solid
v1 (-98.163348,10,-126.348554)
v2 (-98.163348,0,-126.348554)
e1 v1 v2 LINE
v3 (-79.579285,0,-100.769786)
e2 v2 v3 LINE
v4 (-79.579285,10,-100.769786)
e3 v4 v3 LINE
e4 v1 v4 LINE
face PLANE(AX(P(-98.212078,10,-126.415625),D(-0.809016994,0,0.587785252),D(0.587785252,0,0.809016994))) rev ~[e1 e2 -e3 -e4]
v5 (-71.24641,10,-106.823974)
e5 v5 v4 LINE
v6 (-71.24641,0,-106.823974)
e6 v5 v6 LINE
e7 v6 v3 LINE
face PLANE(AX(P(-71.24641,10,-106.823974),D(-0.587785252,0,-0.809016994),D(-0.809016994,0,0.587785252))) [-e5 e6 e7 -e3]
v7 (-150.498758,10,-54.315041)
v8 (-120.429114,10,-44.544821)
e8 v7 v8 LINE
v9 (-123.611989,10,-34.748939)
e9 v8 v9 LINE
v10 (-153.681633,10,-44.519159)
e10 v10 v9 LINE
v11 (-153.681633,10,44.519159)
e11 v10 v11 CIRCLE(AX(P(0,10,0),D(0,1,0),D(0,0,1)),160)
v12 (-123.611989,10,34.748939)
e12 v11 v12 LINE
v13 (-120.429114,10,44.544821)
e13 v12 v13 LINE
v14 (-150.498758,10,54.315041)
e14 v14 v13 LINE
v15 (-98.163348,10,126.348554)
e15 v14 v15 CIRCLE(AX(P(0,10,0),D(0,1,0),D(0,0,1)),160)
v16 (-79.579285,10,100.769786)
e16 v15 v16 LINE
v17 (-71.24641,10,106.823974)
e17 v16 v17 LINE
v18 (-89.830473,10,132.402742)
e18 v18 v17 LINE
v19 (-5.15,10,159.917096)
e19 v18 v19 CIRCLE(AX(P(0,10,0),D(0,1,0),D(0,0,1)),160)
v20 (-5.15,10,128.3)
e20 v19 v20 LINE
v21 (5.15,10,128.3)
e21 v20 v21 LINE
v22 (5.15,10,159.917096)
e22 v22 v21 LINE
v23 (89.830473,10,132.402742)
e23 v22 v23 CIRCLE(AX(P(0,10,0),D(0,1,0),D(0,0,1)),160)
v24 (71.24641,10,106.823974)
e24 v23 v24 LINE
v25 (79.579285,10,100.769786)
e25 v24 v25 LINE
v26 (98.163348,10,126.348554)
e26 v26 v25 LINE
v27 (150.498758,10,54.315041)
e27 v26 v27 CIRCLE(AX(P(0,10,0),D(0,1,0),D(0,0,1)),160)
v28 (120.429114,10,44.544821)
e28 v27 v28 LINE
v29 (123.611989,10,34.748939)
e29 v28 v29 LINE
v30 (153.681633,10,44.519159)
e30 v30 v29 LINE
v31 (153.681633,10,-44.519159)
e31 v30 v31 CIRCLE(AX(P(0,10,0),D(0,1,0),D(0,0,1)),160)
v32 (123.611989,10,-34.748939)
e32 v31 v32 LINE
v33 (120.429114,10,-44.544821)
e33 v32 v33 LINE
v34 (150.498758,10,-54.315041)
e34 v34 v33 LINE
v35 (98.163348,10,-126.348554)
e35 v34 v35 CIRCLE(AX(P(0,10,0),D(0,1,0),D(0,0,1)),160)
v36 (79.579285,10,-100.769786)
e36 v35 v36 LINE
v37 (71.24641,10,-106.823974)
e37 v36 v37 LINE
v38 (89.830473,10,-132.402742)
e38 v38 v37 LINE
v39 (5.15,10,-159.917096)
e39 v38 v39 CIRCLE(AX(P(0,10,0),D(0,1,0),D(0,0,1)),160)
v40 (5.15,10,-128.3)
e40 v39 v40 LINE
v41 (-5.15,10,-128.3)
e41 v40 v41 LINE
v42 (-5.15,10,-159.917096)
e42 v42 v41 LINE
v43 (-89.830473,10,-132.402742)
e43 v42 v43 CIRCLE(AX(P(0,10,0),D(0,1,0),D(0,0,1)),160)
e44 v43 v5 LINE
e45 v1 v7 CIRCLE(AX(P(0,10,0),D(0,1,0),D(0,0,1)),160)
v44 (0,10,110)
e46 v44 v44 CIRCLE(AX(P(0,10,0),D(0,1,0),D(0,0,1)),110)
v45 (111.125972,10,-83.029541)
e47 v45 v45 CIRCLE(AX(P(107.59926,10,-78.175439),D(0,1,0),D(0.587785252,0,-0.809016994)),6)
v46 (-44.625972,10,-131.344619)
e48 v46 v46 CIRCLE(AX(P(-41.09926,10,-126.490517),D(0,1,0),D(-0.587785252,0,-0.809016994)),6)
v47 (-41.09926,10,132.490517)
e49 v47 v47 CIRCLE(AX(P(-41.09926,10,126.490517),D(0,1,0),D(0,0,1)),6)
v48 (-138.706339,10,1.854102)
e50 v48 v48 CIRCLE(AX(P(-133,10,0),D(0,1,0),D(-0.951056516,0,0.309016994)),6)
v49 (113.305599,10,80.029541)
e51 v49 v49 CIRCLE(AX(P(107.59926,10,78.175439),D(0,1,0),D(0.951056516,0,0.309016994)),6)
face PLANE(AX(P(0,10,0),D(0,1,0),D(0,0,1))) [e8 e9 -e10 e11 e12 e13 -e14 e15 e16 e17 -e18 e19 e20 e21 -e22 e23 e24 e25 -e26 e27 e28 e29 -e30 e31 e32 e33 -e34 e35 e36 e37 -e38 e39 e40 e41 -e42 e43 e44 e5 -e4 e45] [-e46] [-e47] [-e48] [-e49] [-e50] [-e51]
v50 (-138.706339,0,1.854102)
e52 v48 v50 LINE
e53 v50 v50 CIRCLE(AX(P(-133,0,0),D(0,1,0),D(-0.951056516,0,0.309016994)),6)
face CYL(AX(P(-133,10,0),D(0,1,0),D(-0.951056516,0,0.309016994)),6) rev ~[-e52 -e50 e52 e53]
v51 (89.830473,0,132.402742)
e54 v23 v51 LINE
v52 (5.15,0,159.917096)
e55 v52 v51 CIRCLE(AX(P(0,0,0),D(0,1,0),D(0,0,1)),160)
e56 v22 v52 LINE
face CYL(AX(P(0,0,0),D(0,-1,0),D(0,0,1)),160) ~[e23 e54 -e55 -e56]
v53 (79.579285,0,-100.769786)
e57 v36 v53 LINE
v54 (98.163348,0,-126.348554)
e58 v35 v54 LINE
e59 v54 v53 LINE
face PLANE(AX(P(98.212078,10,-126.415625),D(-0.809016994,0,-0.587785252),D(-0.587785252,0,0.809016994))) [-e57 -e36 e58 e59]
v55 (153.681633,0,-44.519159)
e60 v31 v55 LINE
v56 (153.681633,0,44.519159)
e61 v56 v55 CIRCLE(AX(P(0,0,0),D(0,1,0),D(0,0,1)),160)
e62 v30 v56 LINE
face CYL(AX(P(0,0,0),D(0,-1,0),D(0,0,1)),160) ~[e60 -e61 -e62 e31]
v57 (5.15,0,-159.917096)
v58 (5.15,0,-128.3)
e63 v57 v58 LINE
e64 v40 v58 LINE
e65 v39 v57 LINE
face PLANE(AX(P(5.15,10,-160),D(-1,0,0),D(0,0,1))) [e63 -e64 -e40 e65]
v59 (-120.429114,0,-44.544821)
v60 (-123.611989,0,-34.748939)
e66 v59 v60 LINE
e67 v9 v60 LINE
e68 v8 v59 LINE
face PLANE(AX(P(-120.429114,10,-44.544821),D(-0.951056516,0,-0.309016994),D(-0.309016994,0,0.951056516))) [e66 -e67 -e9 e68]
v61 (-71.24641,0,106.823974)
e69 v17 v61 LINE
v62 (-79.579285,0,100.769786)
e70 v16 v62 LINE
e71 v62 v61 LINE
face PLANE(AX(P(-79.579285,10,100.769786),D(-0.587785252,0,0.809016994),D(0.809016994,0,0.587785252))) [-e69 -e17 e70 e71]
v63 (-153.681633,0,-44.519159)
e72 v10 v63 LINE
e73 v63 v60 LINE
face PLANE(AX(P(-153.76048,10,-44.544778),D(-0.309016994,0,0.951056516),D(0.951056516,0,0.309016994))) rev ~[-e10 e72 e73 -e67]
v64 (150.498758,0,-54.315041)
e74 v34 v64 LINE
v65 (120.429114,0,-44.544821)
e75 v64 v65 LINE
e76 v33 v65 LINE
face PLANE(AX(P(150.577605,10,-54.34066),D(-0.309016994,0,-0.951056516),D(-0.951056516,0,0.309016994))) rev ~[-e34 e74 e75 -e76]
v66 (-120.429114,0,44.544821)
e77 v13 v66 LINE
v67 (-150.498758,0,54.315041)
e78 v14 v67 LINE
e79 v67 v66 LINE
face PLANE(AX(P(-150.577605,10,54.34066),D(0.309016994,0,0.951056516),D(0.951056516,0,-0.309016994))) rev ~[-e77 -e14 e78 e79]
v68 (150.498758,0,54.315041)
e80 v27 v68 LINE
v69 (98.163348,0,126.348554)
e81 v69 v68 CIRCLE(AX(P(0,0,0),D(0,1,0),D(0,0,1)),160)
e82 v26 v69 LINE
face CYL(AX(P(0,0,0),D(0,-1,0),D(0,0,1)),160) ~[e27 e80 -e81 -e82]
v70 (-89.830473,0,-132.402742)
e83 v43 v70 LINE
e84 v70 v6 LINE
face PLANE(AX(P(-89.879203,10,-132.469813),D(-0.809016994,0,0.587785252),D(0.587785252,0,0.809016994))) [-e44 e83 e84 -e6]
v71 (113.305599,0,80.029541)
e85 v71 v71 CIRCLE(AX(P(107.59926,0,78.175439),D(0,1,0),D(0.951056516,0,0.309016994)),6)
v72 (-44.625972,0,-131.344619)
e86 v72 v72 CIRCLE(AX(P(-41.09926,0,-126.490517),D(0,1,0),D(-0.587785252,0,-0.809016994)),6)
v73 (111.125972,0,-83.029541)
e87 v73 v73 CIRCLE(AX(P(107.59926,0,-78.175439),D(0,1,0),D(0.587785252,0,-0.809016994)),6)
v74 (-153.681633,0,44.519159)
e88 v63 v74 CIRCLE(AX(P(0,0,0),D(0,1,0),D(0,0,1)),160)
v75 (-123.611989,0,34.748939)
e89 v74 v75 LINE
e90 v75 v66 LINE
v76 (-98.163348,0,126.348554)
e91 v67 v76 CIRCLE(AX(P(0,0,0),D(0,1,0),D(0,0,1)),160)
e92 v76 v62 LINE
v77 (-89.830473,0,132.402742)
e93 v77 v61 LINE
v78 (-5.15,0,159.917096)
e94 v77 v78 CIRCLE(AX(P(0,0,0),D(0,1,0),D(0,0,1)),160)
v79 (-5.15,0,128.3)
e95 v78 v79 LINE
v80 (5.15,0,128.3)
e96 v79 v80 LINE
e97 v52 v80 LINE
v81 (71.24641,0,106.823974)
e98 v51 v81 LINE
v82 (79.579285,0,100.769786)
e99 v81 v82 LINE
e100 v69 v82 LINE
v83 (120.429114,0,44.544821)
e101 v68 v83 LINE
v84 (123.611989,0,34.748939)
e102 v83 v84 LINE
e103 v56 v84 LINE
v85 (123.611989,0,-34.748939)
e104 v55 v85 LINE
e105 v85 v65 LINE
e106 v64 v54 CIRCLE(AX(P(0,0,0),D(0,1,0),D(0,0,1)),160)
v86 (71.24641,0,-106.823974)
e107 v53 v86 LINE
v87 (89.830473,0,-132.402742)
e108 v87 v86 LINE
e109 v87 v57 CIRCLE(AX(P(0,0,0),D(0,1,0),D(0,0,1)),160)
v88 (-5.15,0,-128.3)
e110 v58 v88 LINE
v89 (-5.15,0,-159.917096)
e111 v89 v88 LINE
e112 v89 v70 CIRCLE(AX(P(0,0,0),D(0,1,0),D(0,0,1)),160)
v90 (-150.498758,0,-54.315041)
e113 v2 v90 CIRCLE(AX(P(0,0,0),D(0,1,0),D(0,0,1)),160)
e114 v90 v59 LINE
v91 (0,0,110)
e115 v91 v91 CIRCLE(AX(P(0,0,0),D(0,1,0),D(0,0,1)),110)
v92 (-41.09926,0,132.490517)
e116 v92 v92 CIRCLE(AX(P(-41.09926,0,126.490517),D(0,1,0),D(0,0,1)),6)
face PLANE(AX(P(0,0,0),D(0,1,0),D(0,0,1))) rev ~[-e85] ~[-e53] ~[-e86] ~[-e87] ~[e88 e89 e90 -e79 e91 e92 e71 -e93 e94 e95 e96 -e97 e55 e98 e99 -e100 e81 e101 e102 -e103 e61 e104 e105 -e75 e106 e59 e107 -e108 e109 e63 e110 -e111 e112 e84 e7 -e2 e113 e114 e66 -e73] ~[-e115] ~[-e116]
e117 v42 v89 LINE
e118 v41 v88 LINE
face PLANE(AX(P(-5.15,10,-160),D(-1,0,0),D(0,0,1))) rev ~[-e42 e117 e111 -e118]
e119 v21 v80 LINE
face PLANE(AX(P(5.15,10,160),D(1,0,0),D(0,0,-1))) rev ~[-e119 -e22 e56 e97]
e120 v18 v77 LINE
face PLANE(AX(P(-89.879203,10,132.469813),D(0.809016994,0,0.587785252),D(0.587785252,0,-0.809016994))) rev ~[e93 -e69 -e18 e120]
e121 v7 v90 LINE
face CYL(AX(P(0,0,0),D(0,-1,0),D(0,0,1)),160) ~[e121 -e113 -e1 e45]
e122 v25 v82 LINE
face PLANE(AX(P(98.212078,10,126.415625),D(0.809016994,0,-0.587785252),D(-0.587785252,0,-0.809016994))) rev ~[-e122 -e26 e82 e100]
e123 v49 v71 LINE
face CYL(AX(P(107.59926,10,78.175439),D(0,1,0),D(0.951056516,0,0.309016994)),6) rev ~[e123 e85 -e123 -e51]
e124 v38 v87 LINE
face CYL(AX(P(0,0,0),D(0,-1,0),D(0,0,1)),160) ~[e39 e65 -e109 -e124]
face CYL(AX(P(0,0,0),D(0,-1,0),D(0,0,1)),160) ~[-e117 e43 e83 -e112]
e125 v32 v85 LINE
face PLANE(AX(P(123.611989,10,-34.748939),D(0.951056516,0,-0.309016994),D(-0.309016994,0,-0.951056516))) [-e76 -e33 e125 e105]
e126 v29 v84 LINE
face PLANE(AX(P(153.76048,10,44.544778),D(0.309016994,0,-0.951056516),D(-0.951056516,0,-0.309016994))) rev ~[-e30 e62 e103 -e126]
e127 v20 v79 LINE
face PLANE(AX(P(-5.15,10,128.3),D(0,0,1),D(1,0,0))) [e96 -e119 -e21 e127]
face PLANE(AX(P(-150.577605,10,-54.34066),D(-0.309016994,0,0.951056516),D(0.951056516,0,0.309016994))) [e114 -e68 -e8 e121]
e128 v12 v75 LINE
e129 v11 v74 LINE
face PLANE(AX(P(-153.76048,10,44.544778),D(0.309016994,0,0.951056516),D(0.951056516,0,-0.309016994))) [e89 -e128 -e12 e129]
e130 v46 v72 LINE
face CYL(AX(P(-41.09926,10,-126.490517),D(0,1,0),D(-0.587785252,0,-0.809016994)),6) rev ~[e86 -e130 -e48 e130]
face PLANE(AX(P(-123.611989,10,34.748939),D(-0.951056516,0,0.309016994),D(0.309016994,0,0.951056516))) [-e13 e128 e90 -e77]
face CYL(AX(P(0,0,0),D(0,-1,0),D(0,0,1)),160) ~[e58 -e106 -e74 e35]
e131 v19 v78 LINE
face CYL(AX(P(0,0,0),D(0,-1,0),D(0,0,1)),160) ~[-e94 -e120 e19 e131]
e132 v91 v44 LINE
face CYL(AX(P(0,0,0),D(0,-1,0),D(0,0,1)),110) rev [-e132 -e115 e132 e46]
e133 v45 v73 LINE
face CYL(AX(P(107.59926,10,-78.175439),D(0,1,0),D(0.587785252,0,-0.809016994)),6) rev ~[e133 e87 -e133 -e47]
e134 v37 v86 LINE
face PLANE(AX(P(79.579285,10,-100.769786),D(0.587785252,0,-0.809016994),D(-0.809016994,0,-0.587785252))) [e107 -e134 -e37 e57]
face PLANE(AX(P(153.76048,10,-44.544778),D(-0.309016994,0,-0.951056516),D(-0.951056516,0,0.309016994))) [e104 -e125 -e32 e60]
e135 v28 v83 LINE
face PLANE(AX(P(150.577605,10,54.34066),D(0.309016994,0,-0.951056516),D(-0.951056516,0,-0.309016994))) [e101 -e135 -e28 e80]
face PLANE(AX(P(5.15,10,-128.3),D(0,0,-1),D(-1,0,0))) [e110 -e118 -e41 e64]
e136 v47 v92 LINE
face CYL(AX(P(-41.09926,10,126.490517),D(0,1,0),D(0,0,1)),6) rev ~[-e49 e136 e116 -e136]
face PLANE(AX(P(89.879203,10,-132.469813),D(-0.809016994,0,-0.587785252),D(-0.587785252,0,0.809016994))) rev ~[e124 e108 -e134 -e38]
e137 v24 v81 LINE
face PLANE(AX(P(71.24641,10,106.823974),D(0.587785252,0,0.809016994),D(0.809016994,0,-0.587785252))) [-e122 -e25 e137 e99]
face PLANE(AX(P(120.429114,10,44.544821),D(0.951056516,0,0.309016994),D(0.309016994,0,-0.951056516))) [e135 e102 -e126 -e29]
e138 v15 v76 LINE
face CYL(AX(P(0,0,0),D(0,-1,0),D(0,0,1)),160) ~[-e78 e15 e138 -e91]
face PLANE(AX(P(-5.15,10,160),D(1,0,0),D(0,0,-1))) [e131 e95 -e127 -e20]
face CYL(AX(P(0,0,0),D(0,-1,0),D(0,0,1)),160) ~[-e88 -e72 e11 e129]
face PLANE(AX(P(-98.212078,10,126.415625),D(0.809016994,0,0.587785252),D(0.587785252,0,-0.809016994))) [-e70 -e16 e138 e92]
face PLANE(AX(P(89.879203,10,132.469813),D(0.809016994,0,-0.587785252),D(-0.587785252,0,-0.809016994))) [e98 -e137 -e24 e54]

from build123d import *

# Parameters (mm, degrees)
ESQUISSE1_R                  = 160
ESQUISSE1_R_2                = 110
BOSS_EXTRU_1_DEPTH           = 10
ESQUISSE2_W                  = 10.3
ESQUISSE2_H                  = 31.7
ENL_V_MAT_EXTRU_2_DEPTH      = 10
ESQUISSE3_R                  = 6
ENL_V_MAT_EXTRU_3_DEPTH      = 11
R_P_TITION_CIRCULAIRE1_COUNT = 10
R_P_TITION_CIRCULAIRE2_COUNT = 5


with BuildPart() as part:
    # Esquisse1 → Boss.-Extru.1 (new body)
    with BuildSketch(Plane(origin=(0, 0, 0), x_dir=(1, 0, 0), z_dir=(0, 1, 0))):
        with Locations(Location((0, 0, 0), (0, 0, 270))):  # turned: the seam where the file's is
            Circle(ESQUISSE1_R)
        with Locations(Location((0, 0, 0), (0, 0, 270))):  # turned: the seam where the file's is
            Circle(ESQUISSE1_R_2, mode=Mode.SUBTRACT)
    extrude(amount=BOSS_EXTRU_1_DEPTH)

    # Esquisse2 → Enl_v. mat.-Extru.2 (cut)
    with BuildSketch(Plane(origin=(0, 10, 0), x_dir=(1, 0, 0), z_dir=(0, 1, 0))):
        with Locations((0, -144.15)):
            Rectangle(ESQUISSE2_W, ESQUISSE2_H)
    enl_v_mat_extru_2 = extrude(amount=-ENL_V_MAT_EXTRU_2_DEPTH, mode=Mode.SUBTRACT)

    # Esquisse3 → Enl_v. mat.-Extru.3 (cut, through all)
    with BuildSketch(Plane(origin=(0, 10, 0), x_dir=(1, 0, 0), z_dir=(0, 1, 0))):
        with Locations(Location((-41.099260252, -126.490516667, 0), (0, 0, 270))):  # turned: the seam where the file's is
            Circle(ESQUISSE3_R)
    enl_v_mat_extru_3 = extrude(amount=-ENL_V_MAT_EXTRU_3_DEPTH, mode=Mode.SUBTRACT)

    # R_p_tition circulaire1: Enl_v. mat.-Extru.2 ×10 about axis
    r_p_tition_circulaire1_axis = Axis((0, 0, 0), (0, 1, 0))
    for i in range(1, R_P_TITION_CIRCULAIRE1_COUNT):
        add(enl_v_mat_extru_2.rotate(r_p_tition_circulaire1_axis, i * 360 / R_P_TITION_CIRCULAIRE1_COUNT), mode=Mode.SUBTRACT)

    # R_p_tition circulaire2: Enl_v. mat.-Extru.3 ×5 about axis
    r_p_tition_circulaire2_axis = Axis((0, 0, 0), (0, 1, 0))
    for i in range(1, R_P_TITION_CIRCULAIRE2_COUNT):
        add(enl_v_mat_extru_3.rotate(r_p_tition_circulaire2_axis, i * 360 / R_P_TITION_CIRCULAIRE2_COUNT), mode=Mode.SUBTRACT)


solid = part.part
